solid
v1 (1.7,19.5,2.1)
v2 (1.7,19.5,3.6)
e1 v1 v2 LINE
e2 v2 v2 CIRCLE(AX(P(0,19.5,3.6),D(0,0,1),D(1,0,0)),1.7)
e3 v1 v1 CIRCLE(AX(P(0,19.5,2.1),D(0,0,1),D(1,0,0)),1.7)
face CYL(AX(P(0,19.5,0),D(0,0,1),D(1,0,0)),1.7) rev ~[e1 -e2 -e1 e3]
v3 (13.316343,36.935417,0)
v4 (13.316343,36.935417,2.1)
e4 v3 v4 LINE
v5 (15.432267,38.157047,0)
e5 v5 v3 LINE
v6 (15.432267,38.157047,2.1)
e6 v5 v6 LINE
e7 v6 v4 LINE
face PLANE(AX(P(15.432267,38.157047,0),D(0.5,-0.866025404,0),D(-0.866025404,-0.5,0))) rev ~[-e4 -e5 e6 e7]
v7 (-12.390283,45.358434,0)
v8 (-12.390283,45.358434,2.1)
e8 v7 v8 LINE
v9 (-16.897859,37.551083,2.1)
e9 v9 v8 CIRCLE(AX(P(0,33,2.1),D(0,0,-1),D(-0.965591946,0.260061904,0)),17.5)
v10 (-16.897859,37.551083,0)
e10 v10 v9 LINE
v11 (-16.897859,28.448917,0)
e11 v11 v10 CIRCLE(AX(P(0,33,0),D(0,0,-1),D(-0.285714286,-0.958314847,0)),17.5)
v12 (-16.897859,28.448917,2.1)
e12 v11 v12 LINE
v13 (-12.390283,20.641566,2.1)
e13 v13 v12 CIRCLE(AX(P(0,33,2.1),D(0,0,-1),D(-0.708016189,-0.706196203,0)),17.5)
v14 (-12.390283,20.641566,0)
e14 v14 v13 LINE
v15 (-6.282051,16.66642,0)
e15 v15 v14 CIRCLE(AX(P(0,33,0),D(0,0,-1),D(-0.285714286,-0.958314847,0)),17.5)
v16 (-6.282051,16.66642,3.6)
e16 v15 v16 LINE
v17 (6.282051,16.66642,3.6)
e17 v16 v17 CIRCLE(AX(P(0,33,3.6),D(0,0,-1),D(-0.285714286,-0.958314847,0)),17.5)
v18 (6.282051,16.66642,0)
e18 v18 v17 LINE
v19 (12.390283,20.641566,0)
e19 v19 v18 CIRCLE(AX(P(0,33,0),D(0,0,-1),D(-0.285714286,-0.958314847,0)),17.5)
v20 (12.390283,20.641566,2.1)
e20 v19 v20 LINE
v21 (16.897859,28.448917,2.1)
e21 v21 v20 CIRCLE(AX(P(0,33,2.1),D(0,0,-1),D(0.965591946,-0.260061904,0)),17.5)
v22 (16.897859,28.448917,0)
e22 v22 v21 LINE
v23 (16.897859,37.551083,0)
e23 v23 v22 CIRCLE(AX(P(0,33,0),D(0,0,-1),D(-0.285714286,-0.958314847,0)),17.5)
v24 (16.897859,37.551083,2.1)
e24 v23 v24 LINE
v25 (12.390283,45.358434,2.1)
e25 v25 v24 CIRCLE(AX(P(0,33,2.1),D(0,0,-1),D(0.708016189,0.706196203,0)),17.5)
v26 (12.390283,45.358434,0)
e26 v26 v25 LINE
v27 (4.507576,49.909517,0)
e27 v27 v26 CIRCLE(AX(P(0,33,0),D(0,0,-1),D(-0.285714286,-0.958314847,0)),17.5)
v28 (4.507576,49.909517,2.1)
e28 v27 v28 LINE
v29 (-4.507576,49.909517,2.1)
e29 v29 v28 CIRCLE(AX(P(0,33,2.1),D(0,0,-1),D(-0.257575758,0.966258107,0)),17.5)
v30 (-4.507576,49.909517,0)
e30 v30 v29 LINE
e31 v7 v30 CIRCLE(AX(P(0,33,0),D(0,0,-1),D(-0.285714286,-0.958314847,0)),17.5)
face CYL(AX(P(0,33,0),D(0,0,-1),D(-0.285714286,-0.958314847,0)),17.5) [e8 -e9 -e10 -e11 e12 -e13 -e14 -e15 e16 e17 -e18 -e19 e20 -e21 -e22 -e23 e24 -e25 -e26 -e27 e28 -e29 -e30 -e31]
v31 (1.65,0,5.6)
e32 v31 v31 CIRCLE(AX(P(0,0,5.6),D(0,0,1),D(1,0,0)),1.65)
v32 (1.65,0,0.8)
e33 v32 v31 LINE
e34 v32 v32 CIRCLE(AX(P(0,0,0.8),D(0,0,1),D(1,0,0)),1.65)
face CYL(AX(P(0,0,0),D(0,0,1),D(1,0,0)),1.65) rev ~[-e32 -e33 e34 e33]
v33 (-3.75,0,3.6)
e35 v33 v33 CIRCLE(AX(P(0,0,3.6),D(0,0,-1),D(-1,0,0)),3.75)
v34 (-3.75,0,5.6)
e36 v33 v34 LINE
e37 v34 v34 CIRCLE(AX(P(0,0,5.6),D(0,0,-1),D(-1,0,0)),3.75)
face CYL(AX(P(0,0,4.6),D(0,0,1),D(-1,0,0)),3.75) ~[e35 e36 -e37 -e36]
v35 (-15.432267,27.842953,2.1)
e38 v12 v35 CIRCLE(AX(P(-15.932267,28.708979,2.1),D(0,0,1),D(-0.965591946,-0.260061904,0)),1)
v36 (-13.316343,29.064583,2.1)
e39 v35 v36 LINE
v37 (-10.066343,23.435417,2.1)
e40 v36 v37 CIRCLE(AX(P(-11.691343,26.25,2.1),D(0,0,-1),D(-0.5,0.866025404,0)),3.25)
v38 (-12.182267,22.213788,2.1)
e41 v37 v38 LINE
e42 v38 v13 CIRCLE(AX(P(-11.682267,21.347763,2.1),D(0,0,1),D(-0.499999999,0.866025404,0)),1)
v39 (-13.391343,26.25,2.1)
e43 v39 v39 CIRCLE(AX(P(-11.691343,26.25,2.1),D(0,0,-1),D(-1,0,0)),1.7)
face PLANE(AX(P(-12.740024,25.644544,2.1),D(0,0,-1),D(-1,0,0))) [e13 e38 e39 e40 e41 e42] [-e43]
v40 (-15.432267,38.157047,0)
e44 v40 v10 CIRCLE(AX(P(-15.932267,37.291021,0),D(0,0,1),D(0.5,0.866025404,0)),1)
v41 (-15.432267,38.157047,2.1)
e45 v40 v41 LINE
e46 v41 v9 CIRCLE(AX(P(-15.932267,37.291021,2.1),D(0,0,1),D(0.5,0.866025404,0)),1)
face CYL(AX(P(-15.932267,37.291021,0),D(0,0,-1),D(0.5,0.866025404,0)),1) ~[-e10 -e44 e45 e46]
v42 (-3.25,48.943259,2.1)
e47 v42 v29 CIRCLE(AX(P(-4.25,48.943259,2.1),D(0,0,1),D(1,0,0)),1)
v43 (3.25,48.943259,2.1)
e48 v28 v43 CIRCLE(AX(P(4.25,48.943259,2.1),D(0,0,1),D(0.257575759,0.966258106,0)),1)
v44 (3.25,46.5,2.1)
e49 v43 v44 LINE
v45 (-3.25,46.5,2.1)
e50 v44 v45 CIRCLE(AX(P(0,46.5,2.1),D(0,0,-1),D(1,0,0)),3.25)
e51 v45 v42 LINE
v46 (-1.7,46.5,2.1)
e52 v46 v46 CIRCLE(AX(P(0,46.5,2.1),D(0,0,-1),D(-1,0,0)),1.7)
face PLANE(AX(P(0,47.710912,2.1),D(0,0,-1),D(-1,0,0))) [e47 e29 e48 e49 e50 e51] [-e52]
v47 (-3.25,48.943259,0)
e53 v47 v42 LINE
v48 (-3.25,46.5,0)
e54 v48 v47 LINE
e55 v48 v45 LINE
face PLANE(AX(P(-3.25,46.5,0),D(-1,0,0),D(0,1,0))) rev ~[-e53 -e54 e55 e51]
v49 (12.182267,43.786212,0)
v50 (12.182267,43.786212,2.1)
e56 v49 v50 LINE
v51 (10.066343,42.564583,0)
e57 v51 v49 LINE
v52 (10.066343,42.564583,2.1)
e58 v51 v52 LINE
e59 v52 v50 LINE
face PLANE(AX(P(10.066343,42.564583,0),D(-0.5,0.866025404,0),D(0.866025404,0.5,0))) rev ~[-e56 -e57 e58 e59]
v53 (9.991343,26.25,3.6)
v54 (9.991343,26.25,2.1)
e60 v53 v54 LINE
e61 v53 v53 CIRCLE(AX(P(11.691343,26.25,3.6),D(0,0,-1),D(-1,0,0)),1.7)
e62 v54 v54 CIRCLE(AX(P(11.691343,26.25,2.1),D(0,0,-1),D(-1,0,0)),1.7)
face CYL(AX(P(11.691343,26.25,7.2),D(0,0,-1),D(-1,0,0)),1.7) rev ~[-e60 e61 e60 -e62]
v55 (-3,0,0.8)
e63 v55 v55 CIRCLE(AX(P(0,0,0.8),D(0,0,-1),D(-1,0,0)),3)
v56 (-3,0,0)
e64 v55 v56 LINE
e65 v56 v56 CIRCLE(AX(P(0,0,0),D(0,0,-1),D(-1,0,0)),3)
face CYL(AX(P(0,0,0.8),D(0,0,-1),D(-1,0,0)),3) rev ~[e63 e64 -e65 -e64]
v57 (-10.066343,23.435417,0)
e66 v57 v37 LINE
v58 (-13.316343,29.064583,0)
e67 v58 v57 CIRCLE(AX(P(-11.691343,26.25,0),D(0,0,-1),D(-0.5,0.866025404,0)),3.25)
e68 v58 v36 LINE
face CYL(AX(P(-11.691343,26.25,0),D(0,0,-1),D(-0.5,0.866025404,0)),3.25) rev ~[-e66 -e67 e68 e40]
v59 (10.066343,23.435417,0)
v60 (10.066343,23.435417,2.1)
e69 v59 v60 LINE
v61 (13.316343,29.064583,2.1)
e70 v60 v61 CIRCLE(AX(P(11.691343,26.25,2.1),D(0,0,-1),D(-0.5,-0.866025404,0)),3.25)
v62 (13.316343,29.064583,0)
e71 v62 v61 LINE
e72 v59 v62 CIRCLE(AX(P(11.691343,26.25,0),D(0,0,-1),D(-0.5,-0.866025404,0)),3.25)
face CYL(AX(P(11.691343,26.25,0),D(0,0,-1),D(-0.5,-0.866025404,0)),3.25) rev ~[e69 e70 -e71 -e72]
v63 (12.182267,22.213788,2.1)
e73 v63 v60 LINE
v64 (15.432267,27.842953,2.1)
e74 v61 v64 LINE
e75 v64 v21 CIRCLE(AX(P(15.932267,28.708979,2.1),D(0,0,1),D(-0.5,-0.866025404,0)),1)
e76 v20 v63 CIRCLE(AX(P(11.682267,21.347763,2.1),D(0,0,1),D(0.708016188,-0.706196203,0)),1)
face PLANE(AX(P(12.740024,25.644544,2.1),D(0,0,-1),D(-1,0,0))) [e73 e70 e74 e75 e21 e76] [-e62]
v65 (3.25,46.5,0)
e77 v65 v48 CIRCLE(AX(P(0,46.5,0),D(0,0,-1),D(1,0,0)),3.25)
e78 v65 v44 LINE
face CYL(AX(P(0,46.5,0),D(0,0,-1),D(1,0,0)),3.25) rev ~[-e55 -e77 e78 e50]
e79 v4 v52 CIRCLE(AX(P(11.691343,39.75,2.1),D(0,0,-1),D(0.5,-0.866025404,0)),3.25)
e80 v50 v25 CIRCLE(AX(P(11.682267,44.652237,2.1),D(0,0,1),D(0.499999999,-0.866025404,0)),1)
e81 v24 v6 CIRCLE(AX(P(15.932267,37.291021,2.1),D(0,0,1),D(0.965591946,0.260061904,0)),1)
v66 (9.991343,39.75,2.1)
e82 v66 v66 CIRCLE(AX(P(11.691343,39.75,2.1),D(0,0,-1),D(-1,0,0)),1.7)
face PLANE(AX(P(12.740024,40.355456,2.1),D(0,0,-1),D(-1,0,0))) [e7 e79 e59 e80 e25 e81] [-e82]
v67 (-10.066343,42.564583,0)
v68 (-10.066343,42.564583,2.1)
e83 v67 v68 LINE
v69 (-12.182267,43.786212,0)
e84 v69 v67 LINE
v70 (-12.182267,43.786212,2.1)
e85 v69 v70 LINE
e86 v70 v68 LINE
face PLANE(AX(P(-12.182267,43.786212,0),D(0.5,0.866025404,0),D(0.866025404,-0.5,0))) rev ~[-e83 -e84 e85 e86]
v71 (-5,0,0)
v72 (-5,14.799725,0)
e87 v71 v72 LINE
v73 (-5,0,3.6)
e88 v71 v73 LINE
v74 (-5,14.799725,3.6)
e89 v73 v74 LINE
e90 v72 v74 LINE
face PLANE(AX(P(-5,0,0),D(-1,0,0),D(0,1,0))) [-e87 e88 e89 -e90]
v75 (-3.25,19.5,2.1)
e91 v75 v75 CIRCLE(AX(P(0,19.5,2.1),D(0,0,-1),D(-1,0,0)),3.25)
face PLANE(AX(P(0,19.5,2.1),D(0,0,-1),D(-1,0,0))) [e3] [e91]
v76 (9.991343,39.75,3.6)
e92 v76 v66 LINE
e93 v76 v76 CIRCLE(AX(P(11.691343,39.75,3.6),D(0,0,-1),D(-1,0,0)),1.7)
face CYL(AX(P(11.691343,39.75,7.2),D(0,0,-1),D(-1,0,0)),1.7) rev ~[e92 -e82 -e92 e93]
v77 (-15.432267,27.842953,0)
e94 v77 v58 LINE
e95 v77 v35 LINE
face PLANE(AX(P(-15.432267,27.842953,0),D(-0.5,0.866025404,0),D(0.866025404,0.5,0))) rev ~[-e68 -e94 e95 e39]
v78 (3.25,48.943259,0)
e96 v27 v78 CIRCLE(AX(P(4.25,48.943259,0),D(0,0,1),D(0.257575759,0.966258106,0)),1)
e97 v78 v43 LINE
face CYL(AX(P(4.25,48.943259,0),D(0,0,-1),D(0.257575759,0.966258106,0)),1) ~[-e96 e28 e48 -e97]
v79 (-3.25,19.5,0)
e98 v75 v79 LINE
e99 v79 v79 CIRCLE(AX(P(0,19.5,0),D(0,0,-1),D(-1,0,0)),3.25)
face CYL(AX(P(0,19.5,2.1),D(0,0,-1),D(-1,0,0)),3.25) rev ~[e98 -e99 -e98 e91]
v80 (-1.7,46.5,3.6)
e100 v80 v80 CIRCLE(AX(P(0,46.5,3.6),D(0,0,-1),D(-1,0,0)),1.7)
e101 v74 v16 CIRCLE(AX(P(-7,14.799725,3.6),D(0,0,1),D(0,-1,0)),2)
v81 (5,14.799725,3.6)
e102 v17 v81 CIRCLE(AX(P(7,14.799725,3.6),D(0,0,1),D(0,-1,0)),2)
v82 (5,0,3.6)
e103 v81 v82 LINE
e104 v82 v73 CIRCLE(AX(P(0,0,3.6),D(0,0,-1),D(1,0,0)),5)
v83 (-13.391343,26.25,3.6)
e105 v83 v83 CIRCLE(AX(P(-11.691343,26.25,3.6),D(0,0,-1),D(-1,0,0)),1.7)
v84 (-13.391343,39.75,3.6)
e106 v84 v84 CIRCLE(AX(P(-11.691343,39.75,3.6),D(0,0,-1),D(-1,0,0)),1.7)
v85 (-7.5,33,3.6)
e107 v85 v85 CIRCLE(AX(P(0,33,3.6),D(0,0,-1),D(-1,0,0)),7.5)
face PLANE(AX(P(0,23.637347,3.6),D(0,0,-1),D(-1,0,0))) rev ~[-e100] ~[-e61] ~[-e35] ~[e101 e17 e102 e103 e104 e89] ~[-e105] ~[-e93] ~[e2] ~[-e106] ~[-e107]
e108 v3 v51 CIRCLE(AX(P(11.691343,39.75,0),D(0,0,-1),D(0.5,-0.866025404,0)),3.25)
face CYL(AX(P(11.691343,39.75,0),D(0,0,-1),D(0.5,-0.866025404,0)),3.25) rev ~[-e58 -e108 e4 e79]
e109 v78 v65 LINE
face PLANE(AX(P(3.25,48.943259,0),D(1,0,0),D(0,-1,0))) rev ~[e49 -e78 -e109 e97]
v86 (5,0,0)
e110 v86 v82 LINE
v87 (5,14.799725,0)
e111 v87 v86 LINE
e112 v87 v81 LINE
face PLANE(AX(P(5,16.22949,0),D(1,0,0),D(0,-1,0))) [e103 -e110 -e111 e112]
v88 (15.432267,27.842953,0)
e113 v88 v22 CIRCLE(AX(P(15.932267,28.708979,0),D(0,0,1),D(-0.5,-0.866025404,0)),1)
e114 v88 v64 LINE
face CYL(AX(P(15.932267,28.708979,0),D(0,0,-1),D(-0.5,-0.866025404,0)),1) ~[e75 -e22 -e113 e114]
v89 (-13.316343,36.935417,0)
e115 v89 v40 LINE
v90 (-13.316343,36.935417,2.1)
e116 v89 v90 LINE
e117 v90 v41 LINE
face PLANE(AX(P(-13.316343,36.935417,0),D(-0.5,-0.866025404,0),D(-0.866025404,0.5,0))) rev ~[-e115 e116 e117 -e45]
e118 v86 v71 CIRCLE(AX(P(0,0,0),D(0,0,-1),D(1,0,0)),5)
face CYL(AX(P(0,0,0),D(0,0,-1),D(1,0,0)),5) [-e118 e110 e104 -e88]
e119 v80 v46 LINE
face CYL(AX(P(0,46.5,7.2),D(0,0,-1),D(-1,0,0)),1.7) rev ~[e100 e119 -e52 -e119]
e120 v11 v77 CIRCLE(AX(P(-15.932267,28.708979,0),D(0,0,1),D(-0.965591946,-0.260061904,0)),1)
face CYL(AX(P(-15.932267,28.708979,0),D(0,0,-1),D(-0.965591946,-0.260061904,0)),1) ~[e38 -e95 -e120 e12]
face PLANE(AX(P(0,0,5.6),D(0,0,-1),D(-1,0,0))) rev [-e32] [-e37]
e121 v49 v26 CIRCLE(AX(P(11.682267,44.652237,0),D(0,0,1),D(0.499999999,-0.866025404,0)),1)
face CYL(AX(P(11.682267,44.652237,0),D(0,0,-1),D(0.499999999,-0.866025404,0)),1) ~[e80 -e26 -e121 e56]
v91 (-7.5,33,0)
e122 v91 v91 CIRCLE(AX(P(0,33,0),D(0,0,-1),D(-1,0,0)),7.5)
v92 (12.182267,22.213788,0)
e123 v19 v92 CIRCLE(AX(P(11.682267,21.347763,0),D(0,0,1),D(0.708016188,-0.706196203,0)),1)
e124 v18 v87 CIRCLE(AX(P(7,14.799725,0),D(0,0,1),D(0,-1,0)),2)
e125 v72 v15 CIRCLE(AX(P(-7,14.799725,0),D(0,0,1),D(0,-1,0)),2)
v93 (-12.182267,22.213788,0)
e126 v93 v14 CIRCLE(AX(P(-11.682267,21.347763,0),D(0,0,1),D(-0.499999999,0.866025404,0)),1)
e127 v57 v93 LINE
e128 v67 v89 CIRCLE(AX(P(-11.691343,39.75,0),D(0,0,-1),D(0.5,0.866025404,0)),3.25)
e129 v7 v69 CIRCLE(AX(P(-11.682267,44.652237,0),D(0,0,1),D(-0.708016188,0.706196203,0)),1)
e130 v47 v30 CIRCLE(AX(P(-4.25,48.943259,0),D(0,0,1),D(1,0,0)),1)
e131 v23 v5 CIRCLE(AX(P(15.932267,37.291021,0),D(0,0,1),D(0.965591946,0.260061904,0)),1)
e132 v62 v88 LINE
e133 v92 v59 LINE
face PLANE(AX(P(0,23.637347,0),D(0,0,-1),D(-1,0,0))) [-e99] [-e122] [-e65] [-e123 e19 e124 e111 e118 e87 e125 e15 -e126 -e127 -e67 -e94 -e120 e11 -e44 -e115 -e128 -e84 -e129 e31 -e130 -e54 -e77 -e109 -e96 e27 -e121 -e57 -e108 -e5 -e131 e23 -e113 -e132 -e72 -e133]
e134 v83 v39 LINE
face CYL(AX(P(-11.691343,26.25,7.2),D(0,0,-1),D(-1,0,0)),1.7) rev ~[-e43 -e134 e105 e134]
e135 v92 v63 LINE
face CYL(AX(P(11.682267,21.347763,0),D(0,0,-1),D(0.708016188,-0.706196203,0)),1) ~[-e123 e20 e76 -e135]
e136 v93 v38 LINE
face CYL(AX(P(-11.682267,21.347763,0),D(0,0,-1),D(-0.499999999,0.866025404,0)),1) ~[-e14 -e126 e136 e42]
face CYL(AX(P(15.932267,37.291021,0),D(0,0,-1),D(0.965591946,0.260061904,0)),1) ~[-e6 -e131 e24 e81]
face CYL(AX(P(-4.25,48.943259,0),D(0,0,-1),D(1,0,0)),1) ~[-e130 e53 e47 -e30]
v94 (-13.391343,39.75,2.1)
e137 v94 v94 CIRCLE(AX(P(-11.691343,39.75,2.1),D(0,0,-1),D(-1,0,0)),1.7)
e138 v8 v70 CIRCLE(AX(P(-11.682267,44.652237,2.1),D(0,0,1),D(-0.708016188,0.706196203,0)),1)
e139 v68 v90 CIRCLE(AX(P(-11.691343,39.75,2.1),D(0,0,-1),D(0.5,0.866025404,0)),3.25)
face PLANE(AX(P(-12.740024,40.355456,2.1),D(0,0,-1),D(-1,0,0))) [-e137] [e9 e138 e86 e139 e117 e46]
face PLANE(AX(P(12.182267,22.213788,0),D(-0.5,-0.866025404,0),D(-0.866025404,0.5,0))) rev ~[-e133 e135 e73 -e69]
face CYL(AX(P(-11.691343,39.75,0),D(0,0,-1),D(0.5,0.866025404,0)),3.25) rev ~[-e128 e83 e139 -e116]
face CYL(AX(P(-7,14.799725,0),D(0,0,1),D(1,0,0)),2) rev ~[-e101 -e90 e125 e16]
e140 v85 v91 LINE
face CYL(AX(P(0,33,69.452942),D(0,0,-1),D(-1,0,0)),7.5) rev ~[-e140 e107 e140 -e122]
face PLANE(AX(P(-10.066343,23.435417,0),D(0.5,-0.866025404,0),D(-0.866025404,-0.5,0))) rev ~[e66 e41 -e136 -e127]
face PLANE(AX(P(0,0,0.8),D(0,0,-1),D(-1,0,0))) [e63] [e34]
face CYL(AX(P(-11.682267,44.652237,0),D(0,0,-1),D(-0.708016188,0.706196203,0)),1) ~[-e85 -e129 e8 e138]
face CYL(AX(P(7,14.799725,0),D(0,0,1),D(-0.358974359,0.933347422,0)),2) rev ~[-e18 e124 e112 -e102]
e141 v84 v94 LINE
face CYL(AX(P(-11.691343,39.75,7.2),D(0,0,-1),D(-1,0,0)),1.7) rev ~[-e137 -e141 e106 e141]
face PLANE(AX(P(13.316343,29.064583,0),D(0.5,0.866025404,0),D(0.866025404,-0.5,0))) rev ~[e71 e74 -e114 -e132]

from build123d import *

# Parameters (mm, degrees)
EXTRUDE_1_DEPTH              = 3.6
CUT_EXTRUDE_1_DEPTH          = 2.1
CUT_EXTRUDE_2_DEPTH          = 2.1
CUT_EXTRUDE_3_DEPTH          = 2.1
CUT_EXTRUDE_4_DEPTH          = 2.1
CUT_EXTRUDE_5_DEPTH          = 2.1
SKETCH_7_W                   = 3.75
SKETCH_7_H                   = 2
HOLE_WIZARD_M3_1_D           = 3.3
HOLE_WIZARD_M3_1_CBORE_D     = 6
HOLE_WIZARD_M3_1_CBORE_DEPTH = 0.8
HOLE_WIZARD_3_4_3_4_1_D      = 3.4
HOLE_WIZARD_3_4_3_4_1_DEPTH  = 3.6
HOLE_WIZARD_M3_2_D           = 3.4
HOLE_WIZARD_M3_2_DEPTH       = 5.6
HOLE_WIZARD_M3_2_CBORE_D     = 6.5
HOLE_WIZARD_M3_2_CBORE_DEPTH = 2.1
HOLE_WIZARD_15_0_15_1_D      = 15
FILLET_1_R                   = 2


with BuildPart() as part:
    # 草图1 → 凸台-拉伸1 (new body)
    with BuildSketch(Plane(origin=(0, 0, 0), x_dir=(-1, 0, 0), z_dir=(0, 0, -1))):
        with BuildLine():
            Line((5, 0), (5, 16.229490169))
            ThreePointArc((5, 16.229490169), (0, 50.5), (-5, 16.229490169))
            Line((-5, 16.229490169), (-5, 0))
            ThreePointArc((-5, 0), (0, -5), (5, 0))
        make_face()
    extrude(amount=-EXTRUDE_1_DEPTH)

    # 草图2 → 切除-拉伸1 (cut)
    with BuildSketch(Plane(origin=(0, 0, 0), x_dir=(-1, 0, 0), z_dir=(0, 0, -1))):
        with BuildLine():
            Line((15.432267108, 27.842953181), (13.316342951, 29.064582562))
            ThreePointArc((13.316342951, 29.064582562), (8.876760389, 27.875), (10.066342951, 23.435417438))
            Line((10.066342951, 23.435417438), (12.182267108, 22.213788056))
            ThreePointArc((12.182267108, 22.213788056), (12.673627776, 21.478926775), (12.390283297, 20.641566449))
            ThreePointArc((12.390283297, 20.641566449), (15.155444566, 24.25), (16.897859054, 28.44891668))
            ThreePointArc((16.897859054, 28.44891668), (16.31435598, 27.784853001), (15.432267108, 27.842953181))
        make_face()
    extrude(amount=-CUT_EXTRUDE_1_DEPTH, mode=Mode.SUBTRACT)

    # 草图3 → 切除-拉伸2 (cut)
    with BuildSketch(Plane(origin=(0, 0, 0), x_dir=(-1, 0, 0), z_dir=(0, 0, -1))):
        with BuildLine():
            Line((12.182267108, 43.786211944), (10.066342951, 42.564582562))
            ThreePointArc((10.066342951, 42.564582562), (8.876760389, 38.125), (13.316342951, 36.935417438))
            Line((13.316342951, 36.935417438), (15.432267108, 38.157046819))
            ThreePointArc((15.432267108, 38.157046819), (16.31435598, 38.215146999), (16.897859054, 37.55108332))
            ThreePointArc((16.897859054, 37.55108332), (15.155444566, 41.75), (12.390283297, 45.358433551))
            ThreePointArc((12.390283297, 45.358433551), (12.673627776, 44.521073225), (12.182267108, 43.786211944))
        make_face()
    extrude(amount=-CUT_EXTRUDE_2_DEPTH, mode=Mode.SUBTRACT)

    # 草图4 → 切除-拉伸3 (cut)
    with BuildSketch(Plane(origin=(0, 0, 0), x_dir=(-1, 0, 0), z_dir=(0, 0, -1))):
        with BuildLine():
            Line((-3.25, 48.943258764), (-3.25, 46.5))
            ThreePointArc((-3.25, 46.5), (0, 43.25), (3.25, 46.5))
            Line((3.25, 46.5), (3.25, 48.943258764))
            ThreePointArc((3.25, 48.943258764), (3.640728204, 49.736220225), (4.507575758, 49.90951687))
            ThreePointArc((4.507575758, 49.90951687), (0, 50.5), (-4.507575758, 49.90951687))
            ThreePointArc((-4.507575758, 49.90951687), (-3.640728204, 49.736220225), (-3.25, 48.943258764))
        make_face()
    extrude(amount=-CUT_EXTRUDE_3_DEPTH, mode=Mode.SUBTRACT)

    # 草图5 → 切除-拉伸4 (cut)
    with BuildSketch(Plane(origin=(0, 0, 0), x_dir=(-1, 0, 0), z_dir=(0, 0, -1))):
        with BuildLine():
            Line((-15.432267108, 38.157046819), (-13.316342951, 36.935417438))
            ThreePointArc((-13.316342951, 36.935417438), (-8.876760389, 38.125), (-10.066342951, 42.564582562))
            Line((-10.066342951, 42.564582562), (-12.182267108, 43.786211944))
            ThreePointArc((-12.182267108, 43.786211944), (-12.673627776, 44.521073225), (-12.390283297, 45.358433551))
            ThreePointArc((-12.390283297, 45.358433551), (-15.155444566, 41.75), (-16.897859054, 37.55108332))
            ThreePointArc((-16.897859054, 37.55108332), (-16.31435598, 38.215146999), (-15.432267108, 38.157046819))
        make_face()
    extrude(amount=-CUT_EXTRUDE_4_DEPTH, mode=Mode.SUBTRACT)

    # 草图6 → 切除-拉伸5 (cut)
    with BuildSketch(Plane(origin=(0, 0, 0), x_dir=(-1, 0, 0), z_dir=(0, 0, -1))):
        with BuildLine():
            Line((-12.182267108, 22.213788056), (-10.066342951, 23.435417438))
            ThreePointArc((-10.066342951, 23.435417438), (-8.876760389, 27.875), (-13.316342951, 29.064582562))
            Line((-13.316342951, 29.064582562), (-15.432267108, 27.842953181))
            ThreePointArc((-15.432267108, 27.842953181), (-16.31435598, 27.784853001), (-16.897859054, 28.44891668))
            ThreePointArc((-16.897859054, 28.44891668), (-15.155444566, 24.25), (-12.390283297, 20.641566449))
            ThreePointArc((-12.390283297, 20.641566449), (-12.673627776, 21.478926775), (-12.182267108, 22.213788056))
        make_face()
    extrude(amount=-CUT_EXTRUDE_5_DEPTH, mode=Mode.SUBTRACT)

    # 草图7 → 旋转1 (revolve)
    with BuildSketch(Plane.XZ, mode=Mode.PRIVATE) as revolve_1_sk:
        with Locations((1.875, 4.6)):
            Rectangle(SKETCH_7_W, SKETCH_7_H)
    revolve(revolve_1_sk.sketch.rotate(Axis((0, 0, 5.6), (0, 0, -1)), 180), axis=Axis((0, 0, 5.6), (0, 0, -1)))

    # M3 六角头机械螺钉的柱形沉头孔1 (through all)
    with Locations(Plane(origin=(0, 0, 0), x_dir=(-1, 0, 0), z_dir=(0, 0, -1))):
        with Locations((0, 0)):
            CounterBoreHole(HOLE_WIZARD_M3_1_D / 2, HOLE_WIZARD_M3_1_CBORE_D / 2, HOLE_WIZARD_M3_1_CBORE_DEPTH)

    # Ø3.4 (3.4) 直径孔1
    with Locations(Plane.XY.offset(3.6)):
        with Locations((-11.691342951, 26.25), (-11.691342951, 39.75), (0, 46.5), (11.691342951, 39.75), (11.691342951, 26.25)):
            Hole(HOLE_WIZARD_3_4_3_4_1_D / 2, depth=HOLE_WIZARD_3_4_3_4_1_DEPTH)

    # M3 六角头机械螺钉的柱形沉头孔2
    with Locations(Plane(origin=(0, 0, 0), x_dir=(-1, 0, 0), z_dir=(0, 0, -1))):
        with Locations((0, 19.5)):
            CounterBoreHole(HOLE_WIZARD_M3_2_D / 2, HOLE_WIZARD_M3_2_CBORE_D / 2, HOLE_WIZARD_M3_2_CBORE_DEPTH, depth=HOLE_WIZARD_M3_2_DEPTH)

    # Ø15.0 (15) 直径孔1 (through all)
    with Locations(Plane.XY.offset(3.6)):
        with Locations((0, 33)):
            Hole(HOLE_WIZARD_15_0_15_1_D / 2)

    # 圆角1
    fillet_1_edges = [part.edges().sort_by_distance(p)[0] for p in [
        (5, 16.229490169, 1.8),
        (-5, 16.229490169, 1.8),
    ]]
    fillet(fillet_1_edges, radius=FILLET_1_R)


solid = part.part
